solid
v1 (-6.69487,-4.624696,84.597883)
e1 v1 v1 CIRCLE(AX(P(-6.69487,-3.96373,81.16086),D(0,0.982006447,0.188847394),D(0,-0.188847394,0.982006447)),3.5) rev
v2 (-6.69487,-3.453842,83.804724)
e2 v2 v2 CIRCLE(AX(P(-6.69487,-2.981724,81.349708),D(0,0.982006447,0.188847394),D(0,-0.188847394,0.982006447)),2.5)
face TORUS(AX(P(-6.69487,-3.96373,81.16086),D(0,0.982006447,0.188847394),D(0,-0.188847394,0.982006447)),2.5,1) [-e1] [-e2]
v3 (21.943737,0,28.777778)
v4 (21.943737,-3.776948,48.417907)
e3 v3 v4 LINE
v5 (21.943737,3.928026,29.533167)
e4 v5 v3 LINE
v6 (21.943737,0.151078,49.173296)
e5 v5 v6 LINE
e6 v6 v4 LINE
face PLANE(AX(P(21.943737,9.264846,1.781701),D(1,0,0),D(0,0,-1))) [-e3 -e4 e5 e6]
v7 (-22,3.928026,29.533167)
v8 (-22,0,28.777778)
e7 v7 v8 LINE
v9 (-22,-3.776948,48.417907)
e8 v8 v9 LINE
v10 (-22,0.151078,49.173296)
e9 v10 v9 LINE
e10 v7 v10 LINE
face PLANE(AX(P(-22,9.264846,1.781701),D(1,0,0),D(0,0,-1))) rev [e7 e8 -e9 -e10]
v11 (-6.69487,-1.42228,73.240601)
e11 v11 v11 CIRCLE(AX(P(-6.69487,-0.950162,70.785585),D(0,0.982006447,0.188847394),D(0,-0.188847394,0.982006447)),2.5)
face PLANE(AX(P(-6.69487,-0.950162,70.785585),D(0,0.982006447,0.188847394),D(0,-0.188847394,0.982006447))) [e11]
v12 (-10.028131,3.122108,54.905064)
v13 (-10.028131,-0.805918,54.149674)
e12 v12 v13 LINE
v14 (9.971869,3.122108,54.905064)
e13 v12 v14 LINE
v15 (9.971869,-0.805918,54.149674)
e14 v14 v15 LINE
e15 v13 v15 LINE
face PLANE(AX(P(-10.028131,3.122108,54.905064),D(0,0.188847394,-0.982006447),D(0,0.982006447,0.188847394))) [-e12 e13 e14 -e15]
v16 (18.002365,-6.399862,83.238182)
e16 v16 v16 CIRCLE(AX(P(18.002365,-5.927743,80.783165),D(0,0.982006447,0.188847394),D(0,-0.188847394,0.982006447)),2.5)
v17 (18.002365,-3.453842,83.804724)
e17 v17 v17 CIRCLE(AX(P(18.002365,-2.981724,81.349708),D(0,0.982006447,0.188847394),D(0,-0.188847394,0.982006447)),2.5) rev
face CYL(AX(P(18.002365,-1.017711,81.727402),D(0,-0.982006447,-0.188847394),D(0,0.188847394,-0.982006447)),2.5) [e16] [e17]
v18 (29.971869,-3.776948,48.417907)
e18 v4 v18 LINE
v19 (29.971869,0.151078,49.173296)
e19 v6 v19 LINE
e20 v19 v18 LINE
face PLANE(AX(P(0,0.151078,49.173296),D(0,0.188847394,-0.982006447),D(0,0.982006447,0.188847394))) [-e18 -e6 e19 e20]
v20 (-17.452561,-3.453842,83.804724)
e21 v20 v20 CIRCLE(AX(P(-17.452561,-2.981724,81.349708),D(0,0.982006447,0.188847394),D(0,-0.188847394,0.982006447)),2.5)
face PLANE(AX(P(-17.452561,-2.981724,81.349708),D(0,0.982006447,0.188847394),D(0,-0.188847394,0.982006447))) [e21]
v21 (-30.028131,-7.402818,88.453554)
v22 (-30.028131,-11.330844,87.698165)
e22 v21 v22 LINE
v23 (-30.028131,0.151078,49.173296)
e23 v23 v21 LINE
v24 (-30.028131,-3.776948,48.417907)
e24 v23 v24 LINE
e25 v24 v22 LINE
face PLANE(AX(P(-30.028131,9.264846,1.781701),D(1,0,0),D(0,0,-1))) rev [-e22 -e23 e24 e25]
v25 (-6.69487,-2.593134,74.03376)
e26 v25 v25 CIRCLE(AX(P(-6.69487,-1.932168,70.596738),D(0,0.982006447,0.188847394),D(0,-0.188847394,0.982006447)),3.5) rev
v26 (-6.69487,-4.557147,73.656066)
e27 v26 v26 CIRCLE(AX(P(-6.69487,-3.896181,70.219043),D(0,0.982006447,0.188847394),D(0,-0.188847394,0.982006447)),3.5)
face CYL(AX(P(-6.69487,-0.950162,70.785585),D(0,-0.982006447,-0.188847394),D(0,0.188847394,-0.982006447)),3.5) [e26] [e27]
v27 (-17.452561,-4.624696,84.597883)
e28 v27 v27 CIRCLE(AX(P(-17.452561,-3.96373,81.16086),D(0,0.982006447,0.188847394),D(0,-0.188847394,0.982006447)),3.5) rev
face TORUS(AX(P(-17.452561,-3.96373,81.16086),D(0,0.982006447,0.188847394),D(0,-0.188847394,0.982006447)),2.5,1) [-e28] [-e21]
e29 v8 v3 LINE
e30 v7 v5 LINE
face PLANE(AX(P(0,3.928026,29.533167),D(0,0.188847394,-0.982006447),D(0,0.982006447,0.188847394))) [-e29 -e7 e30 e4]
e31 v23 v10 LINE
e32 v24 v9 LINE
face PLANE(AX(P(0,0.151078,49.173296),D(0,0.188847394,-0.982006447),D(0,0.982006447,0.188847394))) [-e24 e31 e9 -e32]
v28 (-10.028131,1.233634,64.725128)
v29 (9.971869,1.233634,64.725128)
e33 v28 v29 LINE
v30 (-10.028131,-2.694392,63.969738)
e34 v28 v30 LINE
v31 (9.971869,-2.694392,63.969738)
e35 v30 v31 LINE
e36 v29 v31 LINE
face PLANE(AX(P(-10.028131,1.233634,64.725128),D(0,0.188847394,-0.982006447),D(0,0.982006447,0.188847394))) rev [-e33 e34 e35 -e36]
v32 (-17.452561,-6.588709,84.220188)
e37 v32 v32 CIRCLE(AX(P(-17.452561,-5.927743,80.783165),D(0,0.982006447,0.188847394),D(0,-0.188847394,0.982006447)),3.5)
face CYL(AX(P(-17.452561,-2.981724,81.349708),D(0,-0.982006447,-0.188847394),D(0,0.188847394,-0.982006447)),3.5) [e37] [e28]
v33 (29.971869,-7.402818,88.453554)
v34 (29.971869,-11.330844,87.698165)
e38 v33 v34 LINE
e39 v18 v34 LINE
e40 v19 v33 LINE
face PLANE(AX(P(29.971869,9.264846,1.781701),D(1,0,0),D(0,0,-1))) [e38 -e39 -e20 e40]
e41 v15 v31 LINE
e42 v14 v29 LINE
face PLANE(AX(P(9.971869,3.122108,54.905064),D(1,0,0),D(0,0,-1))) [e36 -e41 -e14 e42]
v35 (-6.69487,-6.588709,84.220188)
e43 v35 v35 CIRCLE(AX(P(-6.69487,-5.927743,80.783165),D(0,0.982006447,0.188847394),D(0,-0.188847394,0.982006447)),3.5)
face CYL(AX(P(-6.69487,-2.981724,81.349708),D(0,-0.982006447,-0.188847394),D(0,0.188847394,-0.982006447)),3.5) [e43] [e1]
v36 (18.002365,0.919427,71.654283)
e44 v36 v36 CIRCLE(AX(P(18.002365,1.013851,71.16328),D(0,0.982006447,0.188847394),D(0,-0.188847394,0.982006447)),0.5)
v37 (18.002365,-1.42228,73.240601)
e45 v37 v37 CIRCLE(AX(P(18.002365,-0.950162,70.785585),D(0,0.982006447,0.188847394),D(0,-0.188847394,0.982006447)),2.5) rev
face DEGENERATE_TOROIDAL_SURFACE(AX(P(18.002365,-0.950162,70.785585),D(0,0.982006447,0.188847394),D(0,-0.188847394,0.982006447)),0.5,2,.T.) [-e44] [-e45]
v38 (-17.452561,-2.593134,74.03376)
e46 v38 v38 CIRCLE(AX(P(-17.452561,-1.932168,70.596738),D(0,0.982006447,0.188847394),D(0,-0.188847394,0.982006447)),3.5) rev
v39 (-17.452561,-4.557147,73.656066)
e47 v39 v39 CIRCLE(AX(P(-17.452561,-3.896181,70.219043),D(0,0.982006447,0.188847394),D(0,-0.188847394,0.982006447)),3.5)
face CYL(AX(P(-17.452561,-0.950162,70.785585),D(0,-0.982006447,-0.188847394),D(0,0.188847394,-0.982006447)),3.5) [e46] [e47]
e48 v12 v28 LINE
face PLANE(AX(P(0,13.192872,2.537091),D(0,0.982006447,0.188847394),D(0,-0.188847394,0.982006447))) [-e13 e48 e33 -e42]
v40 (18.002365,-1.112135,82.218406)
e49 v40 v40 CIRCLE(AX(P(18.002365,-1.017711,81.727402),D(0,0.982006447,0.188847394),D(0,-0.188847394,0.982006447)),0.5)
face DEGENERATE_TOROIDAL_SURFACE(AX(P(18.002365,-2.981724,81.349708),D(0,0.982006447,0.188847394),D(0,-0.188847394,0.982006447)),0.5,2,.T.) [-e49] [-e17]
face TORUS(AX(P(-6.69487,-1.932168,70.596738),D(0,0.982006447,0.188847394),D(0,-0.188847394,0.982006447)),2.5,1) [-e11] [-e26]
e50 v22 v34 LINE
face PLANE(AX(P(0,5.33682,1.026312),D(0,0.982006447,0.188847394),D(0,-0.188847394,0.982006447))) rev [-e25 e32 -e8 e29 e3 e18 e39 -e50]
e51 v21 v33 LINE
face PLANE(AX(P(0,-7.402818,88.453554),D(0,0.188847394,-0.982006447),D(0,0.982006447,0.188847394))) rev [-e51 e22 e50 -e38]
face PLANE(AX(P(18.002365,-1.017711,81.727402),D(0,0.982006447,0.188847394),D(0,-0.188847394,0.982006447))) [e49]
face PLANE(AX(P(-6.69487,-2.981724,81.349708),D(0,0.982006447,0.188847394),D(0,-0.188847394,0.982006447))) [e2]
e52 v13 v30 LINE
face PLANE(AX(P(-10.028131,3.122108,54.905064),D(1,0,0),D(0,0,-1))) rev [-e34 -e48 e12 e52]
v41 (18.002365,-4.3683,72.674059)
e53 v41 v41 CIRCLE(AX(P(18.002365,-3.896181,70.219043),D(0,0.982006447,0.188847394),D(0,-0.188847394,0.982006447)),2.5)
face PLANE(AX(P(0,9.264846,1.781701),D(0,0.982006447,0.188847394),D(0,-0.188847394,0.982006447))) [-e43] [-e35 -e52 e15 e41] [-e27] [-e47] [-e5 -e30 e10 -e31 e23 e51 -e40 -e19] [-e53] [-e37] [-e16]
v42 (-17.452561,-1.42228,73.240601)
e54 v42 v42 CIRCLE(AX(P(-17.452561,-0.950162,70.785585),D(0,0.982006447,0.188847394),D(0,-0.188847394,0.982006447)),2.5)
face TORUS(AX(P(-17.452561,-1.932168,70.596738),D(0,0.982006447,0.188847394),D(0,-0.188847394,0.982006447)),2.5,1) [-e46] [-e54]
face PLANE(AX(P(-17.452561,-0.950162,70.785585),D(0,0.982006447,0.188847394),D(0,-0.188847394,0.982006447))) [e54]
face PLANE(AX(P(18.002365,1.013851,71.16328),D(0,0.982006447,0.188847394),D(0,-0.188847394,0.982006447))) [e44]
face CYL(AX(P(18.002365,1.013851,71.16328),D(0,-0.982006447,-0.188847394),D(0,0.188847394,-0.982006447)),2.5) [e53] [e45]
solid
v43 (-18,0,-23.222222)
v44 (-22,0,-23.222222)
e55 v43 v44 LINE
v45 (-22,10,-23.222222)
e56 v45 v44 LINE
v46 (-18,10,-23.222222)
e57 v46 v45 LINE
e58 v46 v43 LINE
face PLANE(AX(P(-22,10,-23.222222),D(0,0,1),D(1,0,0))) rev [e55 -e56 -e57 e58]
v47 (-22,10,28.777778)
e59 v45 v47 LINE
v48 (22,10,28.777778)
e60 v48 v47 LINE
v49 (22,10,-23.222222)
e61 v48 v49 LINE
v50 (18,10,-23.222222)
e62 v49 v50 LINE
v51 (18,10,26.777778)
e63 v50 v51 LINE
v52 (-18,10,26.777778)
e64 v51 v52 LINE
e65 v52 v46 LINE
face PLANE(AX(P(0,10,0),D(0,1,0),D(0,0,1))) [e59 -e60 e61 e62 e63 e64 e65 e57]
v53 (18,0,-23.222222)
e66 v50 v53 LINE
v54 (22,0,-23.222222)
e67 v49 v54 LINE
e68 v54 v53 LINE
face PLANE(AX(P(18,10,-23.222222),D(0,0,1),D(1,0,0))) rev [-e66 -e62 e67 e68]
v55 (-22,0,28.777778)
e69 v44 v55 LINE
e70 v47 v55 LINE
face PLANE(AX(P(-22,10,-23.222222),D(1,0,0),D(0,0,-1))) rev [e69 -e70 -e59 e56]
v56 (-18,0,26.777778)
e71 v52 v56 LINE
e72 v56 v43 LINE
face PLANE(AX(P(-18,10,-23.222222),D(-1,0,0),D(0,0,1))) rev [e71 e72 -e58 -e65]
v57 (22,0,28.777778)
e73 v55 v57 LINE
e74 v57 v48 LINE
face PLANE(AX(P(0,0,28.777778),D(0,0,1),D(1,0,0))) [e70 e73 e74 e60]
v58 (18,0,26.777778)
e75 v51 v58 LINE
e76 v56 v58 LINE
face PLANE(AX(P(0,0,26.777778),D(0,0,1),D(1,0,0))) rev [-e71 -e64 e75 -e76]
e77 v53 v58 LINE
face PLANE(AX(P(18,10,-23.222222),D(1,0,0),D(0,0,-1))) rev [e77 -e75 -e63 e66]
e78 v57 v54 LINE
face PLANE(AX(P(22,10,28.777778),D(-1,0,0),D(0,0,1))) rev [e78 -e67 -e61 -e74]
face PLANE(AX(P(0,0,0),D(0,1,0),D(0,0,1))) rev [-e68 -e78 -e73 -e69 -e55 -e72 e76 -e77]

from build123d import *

# Parameters (mm, degrees)
SKETCH1_W             = 4
SKETCH1_H             = 50
BOSS_EXTRUDE1_DEPTH   = 10
BOSS_EXTRUDE1_2_DEPTH = 10
SKETCH2_W             = 44
SKETCH2_H             = 10
BOSS_EXTRUDE2_DEPTH   = 2
BOSS_EXTRUDE3_DEPTH   = 4
SKETCH4_W             = 20
SKETCH4_H             = 10
BOSS_EXTRUDE4_DEPTH   = 4
SKETCH4_3_R           = 3.5
BOSS_EXTRUDE5_DEPTH   = 3
SKETCH4_4_R           = 3.5
BOSS_EXTRUDE6_DEPTH   = 3
SKETCH4_5_R           = 2.5
BOSS_EXTRUDE7_DEPTH   = 5
FILLET1_R             = 2
FILLET2_R             = 1


with BuildPart() as part:
    # Sketch1 → Boss-Extrude1 (new body)
    with BuildSketch(Plane(origin=(0, 0, 0), x_dir=(1, 0, 0), z_dir=(0, 1, 0))):
        with Locations((20, -1.777777778)):
            Rectangle(SKETCH1_W, SKETCH1_H)
    extrude(amount=BOSS_EXTRUDE1_DEPTH)



with BuildPart() as body_2:
    # Sketch1 → Boss-Extrude1 2 (new body)
    with BuildSketch(Plane(origin=(0, 0, 0), x_dir=(1, 0, 0), z_dir=(0, 1, 0))):
        with Locations((-20, -1.777777778)):
            Rectangle(SKETCH1_W, SKETCH1_H)
    extrude(amount=BOSS_EXTRUDE1_2_DEPTH)


with BuildPart() as part_1:
    add(part.part)

    add(body_2.part)  # Boss-Extrude2 merges body 2
    # Sketch2 → Boss-Extrude2 (add)
    with BuildSketch(Plane.XY.offset(26.777777778)):
        with Locations((0, 5)):
            Rectangle(SKETCH2_W, SKETCH2_H)
    extrude(amount=BOSS_EXTRUDE2_DEPTH)


with BuildPart() as body_2_2:
    # Sketch3 → Boss-Extrude3 (new body)
    with BuildSketch(Plane(origin=(0, 5.336820415, 1.026311618), x_dir=(1, 0, 0), z_dir=(0, 0.9820064469806474, 0.18884739365012448))):
        Polygon((21.94373702, -28.259963308), (-22, -28.259963308), (-22, -48.259963308), (-30.02813149, -48.259963308), (-30.02813149, -88.259963308), (29.97186851, -88.259963308), (29.97186851, -48.259963308), (21.94373702, -48.259963308), align=None)
    extrude(amount=BOSS_EXTRUDE3_DEPTH)

    # Sketch4 → Boss-Extrude4 (add)
    with BuildSketch(Plane(origin=(0, 9.264846203, 1.781701193), x_dir=(1, 0, 0), z_dir=(0, 0.9820064469806474, 0.18884739365012448))):
        with Locations((-0.02813149, -58.327524377)):
            Rectangle(SKETCH4_W, SKETCH4_H)
    extrude(amount=BOSS_EXTRUDE4_DEPTH)

    # Sketch4<3> → Boss-Extrude5 (add)
    with BuildSketch(Plane(origin=(0, 9.264846203, 1.781701193), x_dir=(1, 0, 0), z_dir=(0, 0.9820064469806474, 0.18884739365012448))):
        with Locations((-6.694869848, -69.69133671)):
            Circle(SKETCH4_3_R)
    extrude(amount=BOSS_EXTRUDE5_DEPTH)

    # Sketch4<4> → Boss-Extrude6 (add)
    with BuildSketch(Plane(origin=(0, 9.264846203, 1.781701193), x_dir=(1, 0, 0), z_dir=(0, 0.9820064469806474, 0.18884739365012448))):
        with Locations((-17.452561289, -69.69133671)):
            Circle(SKETCH4_4_R)
        with Locations((-17.452561289, -80.449028151)):
            Circle(SKETCH4_4_R)
        with Locations((-6.694869848, -80.449028151)):
            Circle(SKETCH4_4_R)
    extrude(amount=BOSS_EXTRUDE6_DEPTH)

    # Sketch4<5> → Boss-Extrude7 (add)
    with BuildSketch(Plane(origin=(0, 9.264846203, 1.781701193), x_dir=(1, 0, 0), z_dir=(0, 0.9820064469806474, 0.18884739365012448))):
        with Locations((18.002365433, -69.69133671)):
            Circle(SKETCH4_5_R)
        with Locations((18.002365433, -80.449028151)):
            Circle(SKETCH4_5_R)
    extrude(amount=BOSS_EXTRUDE7_DEPTH)

    # Fillet1
    fillet1_edges = [body_2_2.edges().sort_by_distance(p)[0] for p in [
        (15.502365433, -1.01771085, 81.727402459),
        (15.502365433, 1.01385114, 71.163280109),
    ]]
    fillet(fillet1_edges, radius=FILLET1_R)

    # Fillet2
    fillet2_edges = [body_2_2.edges().sort_by_distance(p)[0] for p in [
        (-20.952561289, -2.981723744, 81.349707672),
        (-10.194869848, -2.981723744, 81.349707672),
        (-10.194869848, -0.950161753, 70.785585322),
        (-20.952561289, -0.950161753, 70.785585322),
    ]]
    fillet(fillet2_edges, radius=FILLET2_R)


solid = Compound([part_1.part, body_2_2.part])
